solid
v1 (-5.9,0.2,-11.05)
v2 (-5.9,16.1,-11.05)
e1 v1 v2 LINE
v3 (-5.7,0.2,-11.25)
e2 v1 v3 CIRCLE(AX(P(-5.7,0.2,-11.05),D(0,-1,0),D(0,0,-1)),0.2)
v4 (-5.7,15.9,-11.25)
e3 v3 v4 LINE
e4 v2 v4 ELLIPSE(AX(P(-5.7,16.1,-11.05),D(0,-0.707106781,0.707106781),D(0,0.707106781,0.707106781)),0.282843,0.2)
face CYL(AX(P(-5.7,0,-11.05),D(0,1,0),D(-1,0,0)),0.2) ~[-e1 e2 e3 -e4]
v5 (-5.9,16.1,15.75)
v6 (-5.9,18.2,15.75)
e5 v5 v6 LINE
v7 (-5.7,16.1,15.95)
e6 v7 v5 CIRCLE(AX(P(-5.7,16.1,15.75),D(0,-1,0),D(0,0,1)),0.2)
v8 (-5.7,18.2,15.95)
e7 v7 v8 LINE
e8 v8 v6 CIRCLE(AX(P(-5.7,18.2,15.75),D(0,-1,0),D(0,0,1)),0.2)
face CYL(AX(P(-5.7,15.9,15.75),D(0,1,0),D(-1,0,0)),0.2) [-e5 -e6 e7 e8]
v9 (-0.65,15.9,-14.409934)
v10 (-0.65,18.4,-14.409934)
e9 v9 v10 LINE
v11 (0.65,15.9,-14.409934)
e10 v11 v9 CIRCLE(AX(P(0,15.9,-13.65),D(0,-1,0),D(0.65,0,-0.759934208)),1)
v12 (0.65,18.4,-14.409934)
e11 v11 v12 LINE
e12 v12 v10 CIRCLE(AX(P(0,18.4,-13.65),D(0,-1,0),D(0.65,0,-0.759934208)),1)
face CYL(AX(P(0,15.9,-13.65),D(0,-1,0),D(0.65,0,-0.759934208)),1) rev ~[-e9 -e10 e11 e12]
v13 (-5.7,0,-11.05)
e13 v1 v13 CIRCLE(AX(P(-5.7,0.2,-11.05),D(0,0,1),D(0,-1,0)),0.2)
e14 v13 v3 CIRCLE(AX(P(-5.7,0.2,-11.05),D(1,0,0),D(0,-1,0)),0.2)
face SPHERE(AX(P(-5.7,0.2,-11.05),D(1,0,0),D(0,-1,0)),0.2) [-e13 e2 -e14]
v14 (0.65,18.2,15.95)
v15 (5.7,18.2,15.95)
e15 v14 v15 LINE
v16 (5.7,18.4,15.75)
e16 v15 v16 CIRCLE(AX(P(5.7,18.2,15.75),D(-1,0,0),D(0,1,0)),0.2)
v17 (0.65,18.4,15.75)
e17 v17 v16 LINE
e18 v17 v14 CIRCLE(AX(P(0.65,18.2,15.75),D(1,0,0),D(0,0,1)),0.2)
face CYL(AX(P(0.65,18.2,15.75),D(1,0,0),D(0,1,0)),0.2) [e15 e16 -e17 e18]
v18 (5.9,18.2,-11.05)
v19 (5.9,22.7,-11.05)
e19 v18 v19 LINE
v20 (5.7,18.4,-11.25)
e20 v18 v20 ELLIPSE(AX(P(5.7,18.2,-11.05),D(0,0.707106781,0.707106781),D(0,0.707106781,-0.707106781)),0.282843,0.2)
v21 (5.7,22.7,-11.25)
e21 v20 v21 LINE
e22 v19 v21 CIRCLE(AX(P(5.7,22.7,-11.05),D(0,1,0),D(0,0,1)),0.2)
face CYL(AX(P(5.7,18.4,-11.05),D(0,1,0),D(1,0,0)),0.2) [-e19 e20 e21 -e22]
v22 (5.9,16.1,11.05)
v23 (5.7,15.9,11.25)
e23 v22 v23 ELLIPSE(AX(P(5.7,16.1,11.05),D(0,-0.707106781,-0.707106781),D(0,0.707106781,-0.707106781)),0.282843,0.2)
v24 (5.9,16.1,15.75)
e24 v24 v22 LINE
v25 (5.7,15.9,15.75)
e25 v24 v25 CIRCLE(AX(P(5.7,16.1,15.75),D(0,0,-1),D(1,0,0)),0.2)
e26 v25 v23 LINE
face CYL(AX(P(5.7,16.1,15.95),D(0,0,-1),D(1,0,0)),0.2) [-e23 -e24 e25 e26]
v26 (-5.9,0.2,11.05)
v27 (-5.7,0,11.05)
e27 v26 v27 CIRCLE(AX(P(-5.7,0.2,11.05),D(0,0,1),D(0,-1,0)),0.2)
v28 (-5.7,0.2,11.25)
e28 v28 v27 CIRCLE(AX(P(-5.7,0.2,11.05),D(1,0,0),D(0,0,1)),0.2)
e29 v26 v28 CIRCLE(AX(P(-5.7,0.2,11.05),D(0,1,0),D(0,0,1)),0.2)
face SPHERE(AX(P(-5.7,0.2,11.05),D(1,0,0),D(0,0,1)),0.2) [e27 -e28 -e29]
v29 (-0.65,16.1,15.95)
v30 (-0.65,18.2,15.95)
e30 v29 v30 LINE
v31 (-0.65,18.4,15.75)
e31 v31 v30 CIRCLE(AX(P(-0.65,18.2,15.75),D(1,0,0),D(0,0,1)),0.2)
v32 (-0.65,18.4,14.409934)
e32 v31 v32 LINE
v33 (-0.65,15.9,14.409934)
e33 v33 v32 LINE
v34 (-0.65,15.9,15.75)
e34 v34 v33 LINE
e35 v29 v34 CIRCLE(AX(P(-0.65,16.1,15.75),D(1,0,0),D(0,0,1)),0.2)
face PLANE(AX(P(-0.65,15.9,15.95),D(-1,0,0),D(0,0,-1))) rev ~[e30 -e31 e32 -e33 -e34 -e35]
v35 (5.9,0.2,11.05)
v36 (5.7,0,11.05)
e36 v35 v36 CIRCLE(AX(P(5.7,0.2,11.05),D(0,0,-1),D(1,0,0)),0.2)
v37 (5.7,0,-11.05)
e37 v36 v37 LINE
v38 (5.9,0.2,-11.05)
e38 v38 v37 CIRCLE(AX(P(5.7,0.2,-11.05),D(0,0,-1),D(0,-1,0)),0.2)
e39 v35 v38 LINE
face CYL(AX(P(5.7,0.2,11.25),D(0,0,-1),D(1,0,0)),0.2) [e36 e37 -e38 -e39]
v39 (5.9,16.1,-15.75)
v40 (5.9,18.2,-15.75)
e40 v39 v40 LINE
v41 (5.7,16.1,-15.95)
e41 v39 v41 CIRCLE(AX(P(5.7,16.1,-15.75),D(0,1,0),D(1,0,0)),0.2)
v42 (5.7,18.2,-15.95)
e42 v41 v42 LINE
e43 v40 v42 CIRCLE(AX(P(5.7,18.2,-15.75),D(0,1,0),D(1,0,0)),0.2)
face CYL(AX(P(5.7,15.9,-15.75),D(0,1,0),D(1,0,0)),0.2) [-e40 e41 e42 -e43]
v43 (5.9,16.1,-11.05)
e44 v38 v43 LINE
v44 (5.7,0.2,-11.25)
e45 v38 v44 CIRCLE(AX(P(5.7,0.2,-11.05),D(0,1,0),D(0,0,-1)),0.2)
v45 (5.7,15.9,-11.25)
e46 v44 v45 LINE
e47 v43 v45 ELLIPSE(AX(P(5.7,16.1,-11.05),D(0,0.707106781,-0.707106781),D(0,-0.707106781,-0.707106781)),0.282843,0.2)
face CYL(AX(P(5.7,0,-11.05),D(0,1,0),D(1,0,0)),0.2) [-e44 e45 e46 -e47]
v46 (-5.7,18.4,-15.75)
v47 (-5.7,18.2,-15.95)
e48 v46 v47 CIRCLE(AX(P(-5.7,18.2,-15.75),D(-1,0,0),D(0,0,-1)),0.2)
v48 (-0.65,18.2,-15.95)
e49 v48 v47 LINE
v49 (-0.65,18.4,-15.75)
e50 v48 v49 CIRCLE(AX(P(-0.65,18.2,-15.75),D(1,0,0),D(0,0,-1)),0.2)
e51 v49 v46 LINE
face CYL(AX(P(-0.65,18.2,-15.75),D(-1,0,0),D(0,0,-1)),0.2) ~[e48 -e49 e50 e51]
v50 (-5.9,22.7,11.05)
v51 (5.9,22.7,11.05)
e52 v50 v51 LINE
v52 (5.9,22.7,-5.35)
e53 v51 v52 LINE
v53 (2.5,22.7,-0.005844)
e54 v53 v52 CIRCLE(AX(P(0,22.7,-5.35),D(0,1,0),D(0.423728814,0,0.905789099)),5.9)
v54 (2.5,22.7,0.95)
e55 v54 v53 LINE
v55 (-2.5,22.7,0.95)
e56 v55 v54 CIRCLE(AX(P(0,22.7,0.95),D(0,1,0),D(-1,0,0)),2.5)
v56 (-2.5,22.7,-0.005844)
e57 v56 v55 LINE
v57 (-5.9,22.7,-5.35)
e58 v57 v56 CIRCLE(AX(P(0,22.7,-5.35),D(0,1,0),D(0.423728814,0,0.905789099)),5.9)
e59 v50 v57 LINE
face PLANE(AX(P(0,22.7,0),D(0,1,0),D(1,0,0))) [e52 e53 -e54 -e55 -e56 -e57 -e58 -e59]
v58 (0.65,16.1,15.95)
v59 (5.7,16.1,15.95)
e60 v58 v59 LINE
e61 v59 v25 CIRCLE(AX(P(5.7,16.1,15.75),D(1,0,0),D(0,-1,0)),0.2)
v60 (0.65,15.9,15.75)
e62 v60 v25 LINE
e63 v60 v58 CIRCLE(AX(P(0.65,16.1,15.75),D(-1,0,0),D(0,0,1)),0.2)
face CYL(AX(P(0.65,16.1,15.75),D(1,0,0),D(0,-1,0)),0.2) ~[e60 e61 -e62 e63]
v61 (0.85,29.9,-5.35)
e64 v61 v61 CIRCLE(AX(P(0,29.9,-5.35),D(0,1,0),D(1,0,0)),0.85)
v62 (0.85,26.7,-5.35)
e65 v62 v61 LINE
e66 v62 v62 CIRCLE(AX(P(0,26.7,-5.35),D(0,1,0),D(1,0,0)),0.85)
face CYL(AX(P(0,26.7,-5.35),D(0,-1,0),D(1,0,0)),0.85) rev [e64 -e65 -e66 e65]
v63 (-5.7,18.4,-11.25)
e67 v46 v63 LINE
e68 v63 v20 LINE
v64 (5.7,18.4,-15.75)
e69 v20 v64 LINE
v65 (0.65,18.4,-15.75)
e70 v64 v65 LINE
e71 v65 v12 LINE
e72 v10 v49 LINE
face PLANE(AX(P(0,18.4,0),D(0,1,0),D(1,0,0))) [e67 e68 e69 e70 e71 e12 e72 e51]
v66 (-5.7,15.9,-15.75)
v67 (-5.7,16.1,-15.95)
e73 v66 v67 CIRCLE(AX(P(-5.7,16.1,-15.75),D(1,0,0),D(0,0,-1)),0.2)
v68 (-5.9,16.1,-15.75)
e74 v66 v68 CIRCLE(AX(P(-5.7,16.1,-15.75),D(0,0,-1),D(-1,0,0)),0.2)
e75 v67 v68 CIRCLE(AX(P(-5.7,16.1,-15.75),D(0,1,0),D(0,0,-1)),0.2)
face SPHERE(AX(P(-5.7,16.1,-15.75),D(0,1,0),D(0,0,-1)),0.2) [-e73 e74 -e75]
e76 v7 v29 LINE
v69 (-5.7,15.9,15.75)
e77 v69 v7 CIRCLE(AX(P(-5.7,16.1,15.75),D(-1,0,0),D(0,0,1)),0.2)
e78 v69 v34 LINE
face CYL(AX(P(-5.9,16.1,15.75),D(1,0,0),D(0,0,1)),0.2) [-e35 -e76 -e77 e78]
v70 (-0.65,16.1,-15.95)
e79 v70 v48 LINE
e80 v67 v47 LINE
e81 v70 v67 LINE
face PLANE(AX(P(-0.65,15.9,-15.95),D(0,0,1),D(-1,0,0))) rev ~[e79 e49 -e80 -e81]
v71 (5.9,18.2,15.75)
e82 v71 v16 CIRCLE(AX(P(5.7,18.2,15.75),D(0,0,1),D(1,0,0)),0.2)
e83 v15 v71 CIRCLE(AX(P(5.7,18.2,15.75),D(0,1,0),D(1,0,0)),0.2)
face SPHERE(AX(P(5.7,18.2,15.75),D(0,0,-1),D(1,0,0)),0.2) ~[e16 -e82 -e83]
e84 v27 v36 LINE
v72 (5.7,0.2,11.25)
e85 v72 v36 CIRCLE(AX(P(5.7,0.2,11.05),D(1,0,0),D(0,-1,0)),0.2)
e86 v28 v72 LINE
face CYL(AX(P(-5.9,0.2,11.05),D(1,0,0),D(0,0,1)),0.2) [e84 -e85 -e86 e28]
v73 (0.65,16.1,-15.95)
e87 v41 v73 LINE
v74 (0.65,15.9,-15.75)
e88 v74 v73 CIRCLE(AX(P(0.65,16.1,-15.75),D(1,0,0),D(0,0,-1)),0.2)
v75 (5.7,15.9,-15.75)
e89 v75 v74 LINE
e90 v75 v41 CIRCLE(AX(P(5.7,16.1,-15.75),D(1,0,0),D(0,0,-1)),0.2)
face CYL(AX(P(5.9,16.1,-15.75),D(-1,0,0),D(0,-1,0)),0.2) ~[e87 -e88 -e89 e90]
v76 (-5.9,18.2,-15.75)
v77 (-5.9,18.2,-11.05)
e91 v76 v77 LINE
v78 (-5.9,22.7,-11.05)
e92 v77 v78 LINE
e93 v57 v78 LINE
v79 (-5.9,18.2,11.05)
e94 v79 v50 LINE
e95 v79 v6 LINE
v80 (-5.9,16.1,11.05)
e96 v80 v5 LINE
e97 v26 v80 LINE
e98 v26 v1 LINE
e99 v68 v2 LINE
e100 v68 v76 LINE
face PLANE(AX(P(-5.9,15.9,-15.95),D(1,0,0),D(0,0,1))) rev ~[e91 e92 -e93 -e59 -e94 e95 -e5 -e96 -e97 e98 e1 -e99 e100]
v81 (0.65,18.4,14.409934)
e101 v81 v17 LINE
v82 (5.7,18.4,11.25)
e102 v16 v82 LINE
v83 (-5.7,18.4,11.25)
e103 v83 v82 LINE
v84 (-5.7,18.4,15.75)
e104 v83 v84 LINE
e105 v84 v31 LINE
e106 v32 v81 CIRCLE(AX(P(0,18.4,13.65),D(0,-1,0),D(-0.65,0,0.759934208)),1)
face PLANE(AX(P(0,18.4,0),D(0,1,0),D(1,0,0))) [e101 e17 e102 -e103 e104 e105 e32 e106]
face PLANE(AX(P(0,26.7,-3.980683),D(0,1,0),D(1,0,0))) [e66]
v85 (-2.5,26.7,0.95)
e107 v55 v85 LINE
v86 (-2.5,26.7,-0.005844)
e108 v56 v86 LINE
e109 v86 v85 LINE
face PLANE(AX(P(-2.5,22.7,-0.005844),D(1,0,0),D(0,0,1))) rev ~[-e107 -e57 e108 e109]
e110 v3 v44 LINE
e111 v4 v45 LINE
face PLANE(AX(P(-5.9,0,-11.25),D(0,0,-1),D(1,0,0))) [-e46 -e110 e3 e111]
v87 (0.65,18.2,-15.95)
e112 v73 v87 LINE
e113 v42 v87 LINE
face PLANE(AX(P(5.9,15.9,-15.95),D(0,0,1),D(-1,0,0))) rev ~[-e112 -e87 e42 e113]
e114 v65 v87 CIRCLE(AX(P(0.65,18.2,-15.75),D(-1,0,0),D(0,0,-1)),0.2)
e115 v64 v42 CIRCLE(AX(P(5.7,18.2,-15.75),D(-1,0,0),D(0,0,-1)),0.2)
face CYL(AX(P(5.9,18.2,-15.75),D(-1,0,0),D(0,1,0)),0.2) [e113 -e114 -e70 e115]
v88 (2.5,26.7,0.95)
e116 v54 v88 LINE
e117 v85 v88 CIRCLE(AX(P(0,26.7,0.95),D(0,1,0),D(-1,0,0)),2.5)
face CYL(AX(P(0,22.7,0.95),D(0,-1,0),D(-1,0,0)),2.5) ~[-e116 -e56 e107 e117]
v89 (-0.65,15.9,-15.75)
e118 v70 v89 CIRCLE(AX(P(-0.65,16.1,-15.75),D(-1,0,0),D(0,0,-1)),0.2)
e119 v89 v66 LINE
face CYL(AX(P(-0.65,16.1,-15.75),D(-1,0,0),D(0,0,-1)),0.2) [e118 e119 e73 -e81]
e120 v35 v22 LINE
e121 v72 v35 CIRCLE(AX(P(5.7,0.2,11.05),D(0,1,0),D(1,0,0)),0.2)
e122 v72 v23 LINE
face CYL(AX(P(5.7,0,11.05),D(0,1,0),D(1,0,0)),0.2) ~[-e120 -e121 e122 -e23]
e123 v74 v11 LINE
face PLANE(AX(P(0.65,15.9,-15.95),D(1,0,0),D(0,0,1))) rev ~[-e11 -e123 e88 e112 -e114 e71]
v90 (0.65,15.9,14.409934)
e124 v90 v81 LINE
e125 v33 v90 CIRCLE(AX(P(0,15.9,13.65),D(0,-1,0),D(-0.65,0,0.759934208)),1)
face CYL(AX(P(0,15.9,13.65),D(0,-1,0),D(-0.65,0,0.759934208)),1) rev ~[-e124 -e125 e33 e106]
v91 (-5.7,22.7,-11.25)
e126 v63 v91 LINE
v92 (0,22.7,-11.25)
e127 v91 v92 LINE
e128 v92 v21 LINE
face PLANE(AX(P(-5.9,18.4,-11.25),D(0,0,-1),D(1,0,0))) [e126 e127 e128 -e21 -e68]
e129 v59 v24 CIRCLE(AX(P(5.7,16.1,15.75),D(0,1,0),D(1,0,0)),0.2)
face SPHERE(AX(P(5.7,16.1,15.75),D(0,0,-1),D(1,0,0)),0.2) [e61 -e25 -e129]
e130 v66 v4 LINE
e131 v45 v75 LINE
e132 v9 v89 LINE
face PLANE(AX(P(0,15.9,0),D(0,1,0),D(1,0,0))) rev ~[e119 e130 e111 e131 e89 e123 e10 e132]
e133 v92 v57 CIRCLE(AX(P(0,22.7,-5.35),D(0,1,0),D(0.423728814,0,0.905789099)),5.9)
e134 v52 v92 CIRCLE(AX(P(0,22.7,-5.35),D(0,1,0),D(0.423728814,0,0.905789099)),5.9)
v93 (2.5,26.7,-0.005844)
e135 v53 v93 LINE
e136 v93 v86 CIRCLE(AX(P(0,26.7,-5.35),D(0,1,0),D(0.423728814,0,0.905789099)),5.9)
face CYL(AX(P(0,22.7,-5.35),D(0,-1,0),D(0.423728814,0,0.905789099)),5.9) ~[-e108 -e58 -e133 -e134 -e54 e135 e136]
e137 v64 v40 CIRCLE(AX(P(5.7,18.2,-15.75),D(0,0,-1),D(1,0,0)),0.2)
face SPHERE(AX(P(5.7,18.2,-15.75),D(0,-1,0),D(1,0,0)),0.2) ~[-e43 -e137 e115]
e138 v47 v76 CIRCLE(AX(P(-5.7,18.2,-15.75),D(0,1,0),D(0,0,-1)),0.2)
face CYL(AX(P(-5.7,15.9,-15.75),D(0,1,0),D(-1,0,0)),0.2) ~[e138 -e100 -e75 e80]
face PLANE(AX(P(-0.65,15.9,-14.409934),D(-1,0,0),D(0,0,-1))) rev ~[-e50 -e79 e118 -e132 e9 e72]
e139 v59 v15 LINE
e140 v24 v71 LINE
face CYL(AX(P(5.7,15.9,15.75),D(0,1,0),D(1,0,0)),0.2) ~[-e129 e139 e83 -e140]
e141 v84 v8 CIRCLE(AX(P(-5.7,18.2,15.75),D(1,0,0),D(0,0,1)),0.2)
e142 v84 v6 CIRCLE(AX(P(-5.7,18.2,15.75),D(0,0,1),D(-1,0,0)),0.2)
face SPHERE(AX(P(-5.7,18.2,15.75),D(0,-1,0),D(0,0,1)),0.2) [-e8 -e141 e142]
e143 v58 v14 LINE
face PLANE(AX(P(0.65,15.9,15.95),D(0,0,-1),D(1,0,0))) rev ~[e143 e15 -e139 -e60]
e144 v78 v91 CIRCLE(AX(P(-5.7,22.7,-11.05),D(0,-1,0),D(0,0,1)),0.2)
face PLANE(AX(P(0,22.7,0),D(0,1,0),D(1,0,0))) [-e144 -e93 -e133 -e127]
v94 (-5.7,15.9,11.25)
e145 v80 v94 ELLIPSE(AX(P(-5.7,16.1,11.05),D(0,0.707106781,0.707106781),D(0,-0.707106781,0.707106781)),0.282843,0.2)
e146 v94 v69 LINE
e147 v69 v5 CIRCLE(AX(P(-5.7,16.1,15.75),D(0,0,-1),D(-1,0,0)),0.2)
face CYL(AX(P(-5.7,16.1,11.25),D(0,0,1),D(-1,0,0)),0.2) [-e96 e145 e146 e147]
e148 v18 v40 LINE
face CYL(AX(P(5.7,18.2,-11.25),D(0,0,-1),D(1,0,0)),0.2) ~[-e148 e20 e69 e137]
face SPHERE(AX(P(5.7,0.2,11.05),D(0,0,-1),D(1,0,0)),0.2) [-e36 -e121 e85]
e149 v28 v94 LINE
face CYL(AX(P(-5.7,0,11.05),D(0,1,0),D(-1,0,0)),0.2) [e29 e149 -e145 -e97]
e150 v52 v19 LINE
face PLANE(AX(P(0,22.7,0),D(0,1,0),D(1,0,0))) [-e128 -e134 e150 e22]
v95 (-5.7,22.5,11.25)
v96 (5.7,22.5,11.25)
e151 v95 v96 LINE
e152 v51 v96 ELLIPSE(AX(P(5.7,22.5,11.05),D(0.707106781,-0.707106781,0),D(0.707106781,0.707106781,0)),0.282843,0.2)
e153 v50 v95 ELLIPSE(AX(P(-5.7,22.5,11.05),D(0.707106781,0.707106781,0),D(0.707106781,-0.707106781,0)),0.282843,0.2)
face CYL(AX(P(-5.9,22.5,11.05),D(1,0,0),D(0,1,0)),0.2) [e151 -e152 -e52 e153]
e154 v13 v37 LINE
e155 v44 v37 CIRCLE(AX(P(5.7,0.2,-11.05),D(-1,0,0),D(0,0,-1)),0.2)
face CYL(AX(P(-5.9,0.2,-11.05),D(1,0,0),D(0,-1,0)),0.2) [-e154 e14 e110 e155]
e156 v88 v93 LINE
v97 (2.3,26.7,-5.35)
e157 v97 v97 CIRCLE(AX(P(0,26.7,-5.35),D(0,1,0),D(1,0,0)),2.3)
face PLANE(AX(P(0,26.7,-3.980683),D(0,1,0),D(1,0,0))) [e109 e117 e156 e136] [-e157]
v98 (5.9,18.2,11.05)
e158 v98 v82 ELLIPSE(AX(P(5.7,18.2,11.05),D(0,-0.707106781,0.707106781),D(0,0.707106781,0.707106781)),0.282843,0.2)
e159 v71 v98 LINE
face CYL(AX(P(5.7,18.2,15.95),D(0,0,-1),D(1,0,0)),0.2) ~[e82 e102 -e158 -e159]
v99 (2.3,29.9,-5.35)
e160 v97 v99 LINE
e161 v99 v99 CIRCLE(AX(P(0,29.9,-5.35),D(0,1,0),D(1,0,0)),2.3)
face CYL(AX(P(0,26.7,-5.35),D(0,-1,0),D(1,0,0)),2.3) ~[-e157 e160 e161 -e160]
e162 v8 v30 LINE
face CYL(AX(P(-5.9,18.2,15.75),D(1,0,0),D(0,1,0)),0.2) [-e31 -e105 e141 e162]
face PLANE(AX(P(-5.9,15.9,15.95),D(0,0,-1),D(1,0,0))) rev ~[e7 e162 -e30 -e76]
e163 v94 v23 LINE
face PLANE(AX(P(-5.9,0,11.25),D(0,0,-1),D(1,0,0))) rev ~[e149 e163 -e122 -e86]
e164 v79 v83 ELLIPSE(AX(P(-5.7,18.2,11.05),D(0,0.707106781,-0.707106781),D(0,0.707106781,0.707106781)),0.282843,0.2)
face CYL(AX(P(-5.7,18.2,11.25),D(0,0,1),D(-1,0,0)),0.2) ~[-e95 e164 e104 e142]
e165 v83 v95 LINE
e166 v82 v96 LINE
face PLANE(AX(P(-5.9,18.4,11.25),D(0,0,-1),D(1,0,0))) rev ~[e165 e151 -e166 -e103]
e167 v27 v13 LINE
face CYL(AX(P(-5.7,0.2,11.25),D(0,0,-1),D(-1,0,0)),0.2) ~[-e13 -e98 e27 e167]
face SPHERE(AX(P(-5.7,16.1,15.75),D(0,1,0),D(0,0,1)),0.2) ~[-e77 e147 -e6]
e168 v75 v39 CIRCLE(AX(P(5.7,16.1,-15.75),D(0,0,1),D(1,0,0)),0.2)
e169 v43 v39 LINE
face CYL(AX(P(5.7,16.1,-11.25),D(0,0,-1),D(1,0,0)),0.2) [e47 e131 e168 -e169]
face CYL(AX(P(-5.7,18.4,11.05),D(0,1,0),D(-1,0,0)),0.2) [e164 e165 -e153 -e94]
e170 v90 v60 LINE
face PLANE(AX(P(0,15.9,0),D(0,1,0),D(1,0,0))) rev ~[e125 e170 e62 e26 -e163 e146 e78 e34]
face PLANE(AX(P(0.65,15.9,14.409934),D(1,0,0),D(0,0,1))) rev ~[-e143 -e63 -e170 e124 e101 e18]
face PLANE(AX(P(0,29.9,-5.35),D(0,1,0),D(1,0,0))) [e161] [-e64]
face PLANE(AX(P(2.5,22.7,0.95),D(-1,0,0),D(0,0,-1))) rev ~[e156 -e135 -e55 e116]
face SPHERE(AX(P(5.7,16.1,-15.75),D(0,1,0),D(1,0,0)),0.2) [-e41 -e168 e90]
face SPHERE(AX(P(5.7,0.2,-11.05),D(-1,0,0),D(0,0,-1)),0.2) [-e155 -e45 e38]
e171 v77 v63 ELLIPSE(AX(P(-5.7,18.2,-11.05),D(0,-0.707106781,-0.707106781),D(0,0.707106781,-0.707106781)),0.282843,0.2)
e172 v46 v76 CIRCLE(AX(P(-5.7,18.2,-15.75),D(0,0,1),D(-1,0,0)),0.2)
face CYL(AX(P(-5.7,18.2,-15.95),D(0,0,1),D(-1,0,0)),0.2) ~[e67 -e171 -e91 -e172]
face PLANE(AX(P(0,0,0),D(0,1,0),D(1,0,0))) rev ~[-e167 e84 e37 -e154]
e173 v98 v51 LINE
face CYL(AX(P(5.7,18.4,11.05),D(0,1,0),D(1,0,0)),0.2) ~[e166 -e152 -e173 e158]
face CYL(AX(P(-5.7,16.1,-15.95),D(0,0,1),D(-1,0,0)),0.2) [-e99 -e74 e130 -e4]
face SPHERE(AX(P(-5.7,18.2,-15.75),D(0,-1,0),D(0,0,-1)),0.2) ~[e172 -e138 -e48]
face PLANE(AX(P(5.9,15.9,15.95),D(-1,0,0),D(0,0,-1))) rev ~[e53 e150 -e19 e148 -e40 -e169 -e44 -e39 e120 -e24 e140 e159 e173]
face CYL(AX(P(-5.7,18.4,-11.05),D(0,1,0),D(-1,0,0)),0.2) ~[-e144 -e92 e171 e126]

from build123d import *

# Parameters (mm, degrees)
ESQUISSE1_W        = 11.8
ESQUISSE1_H        = 22.5
BOSS_EXTRU_1_DEPTH = 15.9
BOSS_EXTRU_2_DEPTH = 2.5
ESQUISSE4_W        = 11.8
ESQUISSE4_H        = 22.5
BOSS_EXTRU_3_DEPTH = 4.3
BOSS_EXTRU_4_DEPTH = 4
ESQUISSE6_R        = 2.3
ESQUISSE6_R_2      = 0.85
BOSS_EXTRU_5_DEPTH = 3.2
CONG_1_R           = 0.2


with BuildPart() as part:
    # Esquisse1 → Boss.-Extru.1 (new body)
    with BuildSketch(Plane(origin=(0, 0, 0), x_dir=(1, 0, 0), z_dir=(0, 1, 0))):
        Rectangle(ESQUISSE1_W, ESQUISSE1_H)
    extrude(amount=BOSS_EXTRU_1_DEPTH)

    # Esquisse3 → Boss.-Extru.2 (add)
    with BuildSketch(Plane(origin=(0, 15.9, 0), x_dir=(1, 0, 0), z_dir=(0, 1, 0))):
        with BuildLine():
            Line((-5.9, 15.95), (-5.9, -15.95))
            Line((-5.9, -15.95), (-0.65, -15.95))
            Line((-0.65, -15.95), (-0.65, -14.409934208))
            ThreePointArc((-0.65, -14.409934208), (0, -12.65), (0.65, -14.409934208))
            Line((0.65, -14.409934208), (0.65, -15.95))
            Line((0.65, -15.95), (5.9, -15.95))
            Line((5.9, -15.95), (5.9, 15.95))
            Line((5.9, 15.95), (0.65, 15.95))
            Line((0.65, 15.95), (0.65, 14.409934208))
            ThreePointArc((0.65, 14.409934208), (0, 12.65), (-0.65, 14.409934208))
            Line((-0.65, 14.409934208), (-0.65, 15.95))
            Line((-0.65, 15.95), (-5.9, 15.95))
        make_face()
    extrude(amount=BOSS_EXTRU_2_DEPTH)

    # Esquisse4 → Boss.-Extru.3 (add)
    with BuildSketch(Plane(origin=(0, 18.4, 0), x_dir=(1, 0, 0), z_dir=(0, 1, 0))):
        Rectangle(ESQUISSE4_W, ESQUISSE4_H)
    extrude(amount=BOSS_EXTRU_3_DEPTH)

    # Esquisse5 → Boss.-Extru.4 (add)
    with BuildSketch(Plane(origin=(0, 22.7, 0), x_dir=(1, 0, 0), z_dir=(0, 1, 0))):
        with BuildLine():
            Line((2.5, -0.95), (2.5, 0.005844314))
            ThreePointArc((2.5, 0.005844314), (0, 11.25), (-2.5, 0.005844314))
            Line((-2.5, 0.005844314), (-2.5, -0.95))
            ThreePointArc((-2.5, -0.95), (0, -3.45), (2.5, -0.95))
        make_face()
    extrude(amount=BOSS_EXTRU_4_DEPTH)

    # Esquisse6 → Boss.-Extru.5 (add)
    with BuildSketch(Plane(origin=(0, 26.7, 0), x_dir=(1, 0, 0), z_dir=(0, 1, 0))):
        with Locations((0, 5.35)):
            Circle(ESQUISSE6_R)
        with Locations((0, 5.35)):
            Circle(ESQUISSE6_R_2, mode=Mode.SUBTRACT)
    extrude(amount=BOSS_EXTRU_5_DEPTH)

    # Congé1
    cong_1_edges = [part.edges().sort_by_distance(p)[0] for p in [
        (0, 0, -11.25),
        (-5.9, 17.15, -15.95),
        (5.9, 17.15, -15.95),
        (5.9, 15.9, -13.6),
        (5.9, 18.4, -13.6),
        (5.9, 20.55, -11.25),
        (-5.9, 20.55, -11.25),
        (3.275, 18.4, -15.95),
        (3.275, 15.9, -15.95),
        (-3.275, 18.4, -15.95),
        (-3.275, 15.9, -15.95),
        (-5.9, 15.9, -13.6),
        (-5.9, 18.4, -13.6),
        (5.9, 20.55, 11.25),
        (0, 22.7, 11.25),
        (-5.9, 20.55, 11.25),
        (5.9, 18.4, 13.6),
        (5.9, 15.9, 13.6),
        (5.9, 17.15, 15.95),
        (3.275, 18.4, 15.95),
        (3.275, 15.9, 15.95),
        (-5.9, 17.15, 15.95),
        (-3.275, 18.4, 15.95),
        (-3.275, 15.9, 15.95),
        (-5.9, 15.9, 13.6),
        (-5.9, 18.4, 13.6),
        (5.9, 7.95, -11.25),
        (5.9, 0, 0),
        (5.9, 7.95, 11.25),
        (0, 0, 11.25),
        (-5.9, 7.95, 11.25),
        (-5.9, 0, 0),
        (-5.9, 7.95, -11.25),
    ]]
    fillet(cong_1_edges, radius=CONG_1_R)


solid = part.part
